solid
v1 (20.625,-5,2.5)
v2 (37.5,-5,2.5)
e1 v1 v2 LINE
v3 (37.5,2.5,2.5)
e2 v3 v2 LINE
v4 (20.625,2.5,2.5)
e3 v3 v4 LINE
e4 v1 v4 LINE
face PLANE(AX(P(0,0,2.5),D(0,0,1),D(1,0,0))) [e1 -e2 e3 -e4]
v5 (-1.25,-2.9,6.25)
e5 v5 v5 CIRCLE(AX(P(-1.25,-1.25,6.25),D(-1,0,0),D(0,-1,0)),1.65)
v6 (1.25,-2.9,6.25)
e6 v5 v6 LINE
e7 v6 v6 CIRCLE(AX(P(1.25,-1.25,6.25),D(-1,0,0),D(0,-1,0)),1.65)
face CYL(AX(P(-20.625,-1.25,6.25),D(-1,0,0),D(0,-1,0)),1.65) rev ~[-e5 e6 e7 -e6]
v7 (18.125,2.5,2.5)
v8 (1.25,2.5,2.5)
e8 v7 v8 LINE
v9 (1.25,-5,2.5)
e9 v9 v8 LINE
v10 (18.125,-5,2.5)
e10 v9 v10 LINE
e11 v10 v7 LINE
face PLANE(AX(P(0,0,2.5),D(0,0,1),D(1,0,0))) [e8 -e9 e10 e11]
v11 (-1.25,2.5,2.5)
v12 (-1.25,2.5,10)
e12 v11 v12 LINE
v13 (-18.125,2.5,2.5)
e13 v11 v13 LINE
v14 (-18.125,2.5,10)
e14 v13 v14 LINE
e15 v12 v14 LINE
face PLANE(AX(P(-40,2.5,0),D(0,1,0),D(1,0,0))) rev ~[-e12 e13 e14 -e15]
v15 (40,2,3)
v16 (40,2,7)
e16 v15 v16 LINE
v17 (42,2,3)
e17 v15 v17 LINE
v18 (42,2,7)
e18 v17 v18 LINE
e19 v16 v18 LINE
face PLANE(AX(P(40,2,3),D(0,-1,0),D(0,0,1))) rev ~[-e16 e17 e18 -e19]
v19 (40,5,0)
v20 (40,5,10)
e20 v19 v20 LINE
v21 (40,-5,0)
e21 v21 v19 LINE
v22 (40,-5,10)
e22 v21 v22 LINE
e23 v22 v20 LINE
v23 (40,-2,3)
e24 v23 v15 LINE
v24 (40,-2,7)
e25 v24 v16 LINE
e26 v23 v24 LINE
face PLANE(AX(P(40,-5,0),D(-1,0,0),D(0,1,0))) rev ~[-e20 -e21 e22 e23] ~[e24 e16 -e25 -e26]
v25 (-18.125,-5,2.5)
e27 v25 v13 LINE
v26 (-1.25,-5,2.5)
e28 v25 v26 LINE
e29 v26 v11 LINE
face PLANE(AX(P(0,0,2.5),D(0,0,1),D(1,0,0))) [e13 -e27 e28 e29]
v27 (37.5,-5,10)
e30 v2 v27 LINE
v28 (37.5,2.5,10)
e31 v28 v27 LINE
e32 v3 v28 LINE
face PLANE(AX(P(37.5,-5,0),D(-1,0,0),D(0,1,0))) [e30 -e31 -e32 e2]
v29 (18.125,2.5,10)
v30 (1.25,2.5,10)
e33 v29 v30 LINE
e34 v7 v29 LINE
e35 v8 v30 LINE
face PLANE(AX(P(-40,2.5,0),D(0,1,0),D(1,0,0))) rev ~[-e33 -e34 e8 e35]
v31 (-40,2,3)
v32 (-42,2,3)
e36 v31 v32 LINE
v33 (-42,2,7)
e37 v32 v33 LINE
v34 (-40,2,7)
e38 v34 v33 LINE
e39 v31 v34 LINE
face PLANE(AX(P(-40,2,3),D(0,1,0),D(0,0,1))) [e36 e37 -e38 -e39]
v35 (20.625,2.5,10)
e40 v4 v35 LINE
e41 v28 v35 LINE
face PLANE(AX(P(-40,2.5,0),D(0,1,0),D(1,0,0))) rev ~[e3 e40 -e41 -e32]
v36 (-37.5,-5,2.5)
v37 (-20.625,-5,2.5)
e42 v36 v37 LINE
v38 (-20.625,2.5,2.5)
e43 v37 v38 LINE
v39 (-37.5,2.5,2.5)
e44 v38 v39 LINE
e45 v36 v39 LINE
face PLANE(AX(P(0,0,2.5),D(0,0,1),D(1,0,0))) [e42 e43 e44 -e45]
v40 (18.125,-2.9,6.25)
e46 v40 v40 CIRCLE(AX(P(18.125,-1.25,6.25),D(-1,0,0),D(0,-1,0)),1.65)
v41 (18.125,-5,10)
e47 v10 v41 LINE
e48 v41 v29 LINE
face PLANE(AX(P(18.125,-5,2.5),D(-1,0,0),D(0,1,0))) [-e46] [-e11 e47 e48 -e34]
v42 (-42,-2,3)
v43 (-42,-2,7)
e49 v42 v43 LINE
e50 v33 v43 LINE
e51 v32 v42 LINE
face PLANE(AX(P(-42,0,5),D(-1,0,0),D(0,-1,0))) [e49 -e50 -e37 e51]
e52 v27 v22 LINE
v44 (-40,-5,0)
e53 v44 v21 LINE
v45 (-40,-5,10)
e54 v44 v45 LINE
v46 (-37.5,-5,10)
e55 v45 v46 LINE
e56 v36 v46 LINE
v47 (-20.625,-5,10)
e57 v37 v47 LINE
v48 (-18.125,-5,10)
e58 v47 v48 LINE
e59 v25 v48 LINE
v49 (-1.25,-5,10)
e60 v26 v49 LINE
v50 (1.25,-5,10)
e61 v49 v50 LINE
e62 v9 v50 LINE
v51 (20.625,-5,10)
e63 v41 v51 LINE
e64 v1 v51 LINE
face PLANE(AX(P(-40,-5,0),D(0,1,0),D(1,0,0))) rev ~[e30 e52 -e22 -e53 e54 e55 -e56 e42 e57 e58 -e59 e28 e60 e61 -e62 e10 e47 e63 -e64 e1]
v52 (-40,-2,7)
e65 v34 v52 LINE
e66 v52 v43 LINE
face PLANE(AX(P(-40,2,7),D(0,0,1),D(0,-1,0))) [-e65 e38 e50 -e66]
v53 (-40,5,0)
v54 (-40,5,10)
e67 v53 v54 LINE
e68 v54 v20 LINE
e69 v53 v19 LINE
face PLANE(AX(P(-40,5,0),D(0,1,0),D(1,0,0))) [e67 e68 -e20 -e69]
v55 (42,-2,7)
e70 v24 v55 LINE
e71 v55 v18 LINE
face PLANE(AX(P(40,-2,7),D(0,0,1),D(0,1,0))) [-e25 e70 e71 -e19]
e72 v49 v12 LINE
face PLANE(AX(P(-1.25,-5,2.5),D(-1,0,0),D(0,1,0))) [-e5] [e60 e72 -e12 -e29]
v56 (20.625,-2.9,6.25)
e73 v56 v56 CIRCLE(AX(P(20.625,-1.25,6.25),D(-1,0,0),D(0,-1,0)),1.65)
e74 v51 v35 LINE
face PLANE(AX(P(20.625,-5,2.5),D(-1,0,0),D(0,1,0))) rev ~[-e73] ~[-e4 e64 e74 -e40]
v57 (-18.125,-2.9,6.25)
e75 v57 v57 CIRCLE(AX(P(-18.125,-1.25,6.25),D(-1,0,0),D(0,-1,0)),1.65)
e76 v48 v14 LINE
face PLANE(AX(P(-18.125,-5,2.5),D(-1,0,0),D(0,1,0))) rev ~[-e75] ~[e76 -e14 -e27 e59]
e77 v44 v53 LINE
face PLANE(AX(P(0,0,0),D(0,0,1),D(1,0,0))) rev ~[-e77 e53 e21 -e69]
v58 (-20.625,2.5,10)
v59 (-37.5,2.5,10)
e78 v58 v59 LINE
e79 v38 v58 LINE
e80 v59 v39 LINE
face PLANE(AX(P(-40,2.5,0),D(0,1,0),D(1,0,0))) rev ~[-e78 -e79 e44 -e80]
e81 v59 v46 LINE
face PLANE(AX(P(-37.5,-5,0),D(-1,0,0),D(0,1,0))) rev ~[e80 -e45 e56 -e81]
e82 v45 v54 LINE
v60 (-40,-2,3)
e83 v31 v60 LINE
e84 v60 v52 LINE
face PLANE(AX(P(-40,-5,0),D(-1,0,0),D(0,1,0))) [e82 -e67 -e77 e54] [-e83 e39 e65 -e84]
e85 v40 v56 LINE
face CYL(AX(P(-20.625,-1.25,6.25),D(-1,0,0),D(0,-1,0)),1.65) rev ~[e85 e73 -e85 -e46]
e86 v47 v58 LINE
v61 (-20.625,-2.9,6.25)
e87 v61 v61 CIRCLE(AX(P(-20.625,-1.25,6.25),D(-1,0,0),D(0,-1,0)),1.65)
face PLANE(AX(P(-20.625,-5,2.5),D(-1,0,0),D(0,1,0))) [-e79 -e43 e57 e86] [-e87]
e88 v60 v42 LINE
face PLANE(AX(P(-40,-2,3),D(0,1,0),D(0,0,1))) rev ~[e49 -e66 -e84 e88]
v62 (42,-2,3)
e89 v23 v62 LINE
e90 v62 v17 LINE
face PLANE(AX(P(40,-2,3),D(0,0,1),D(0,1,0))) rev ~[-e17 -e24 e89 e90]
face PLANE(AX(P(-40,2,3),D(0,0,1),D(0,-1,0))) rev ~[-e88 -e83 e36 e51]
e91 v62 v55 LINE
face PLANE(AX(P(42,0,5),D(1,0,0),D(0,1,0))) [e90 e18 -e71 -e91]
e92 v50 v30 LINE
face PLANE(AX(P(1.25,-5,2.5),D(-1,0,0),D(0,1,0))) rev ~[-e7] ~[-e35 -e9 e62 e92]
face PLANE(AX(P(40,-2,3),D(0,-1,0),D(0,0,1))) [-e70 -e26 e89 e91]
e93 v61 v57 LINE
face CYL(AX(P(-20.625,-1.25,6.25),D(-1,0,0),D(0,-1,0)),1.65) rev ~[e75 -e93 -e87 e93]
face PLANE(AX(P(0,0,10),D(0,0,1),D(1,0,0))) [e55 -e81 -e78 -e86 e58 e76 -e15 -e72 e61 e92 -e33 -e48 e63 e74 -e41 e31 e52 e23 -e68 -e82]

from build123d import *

# Parameters (mm, degrees)
F0_W      = 80
F0_H      = 10
F1_DEPTH  = 10
F2_W      = 4
F2_H      = 4
F3_DEPTH  = 2
F4_W      = 4
F4_H      = 4
F5_DEPTH  = 2
F6_T      = -2.5
F7_W      = 2.5
F7_H      = 7.5
F8_DEPTH  = 7.5
F9_R      = 1.65
F10_DEPTH = 41.25


with BuildPart() as f1:
    # F0 (on Top) → F1 (new body)
    with BuildSketch(Plane.XY):
        Rectangle(F0_W, F0_H)
    extrude(amount=F1_DEPTH)

    # F2 (on face) → F3 (join)
    with BuildSketch(Plane.YZ.offset(40)):
        with Locations((0, 5)):
            Rectangle(F2_W, F2_H)
    extrude(amount=F3_DEPTH)

    # F4 (on face) → F5 (join)
    with BuildSketch(Plane(origin=(-40, 0, 0), x_dir=(0, -1, 0), z_dir=(-1, 0, 0))):
        with Locations((0, 5)):
            Rectangle(F4_W, F4_H)
    extrude(amount=F5_DEPTH)

    # F6
    f6_openings = [f1.faces().sort_by_distance(p)[0] for p in [
        (0, -5, 5),
        (0, 0, 10),
    ]]
    offset(amount=F6_T, openings=f6_openings, kind=Kind.INTERSECTION)

    # F7 (on face) → F8 (join, through all)
    with BuildSketch(Plane.XY.offset(2.5)):
        with Locations((-19.375, -1.25)):
            Rectangle(F7_W, F7_H)
        with Locations((0, -1.25)):
            Rectangle(F7_W, F7_H)
        with Locations((19.375, -1.25)):
            Rectangle(F7_W, F7_H)
    extrude(amount=F8_DEPTH)

    # F9 (on face) → F10 (cut, through all)
    with BuildSketch(Plane(origin=(-20.625, 0, 0), x_dir=(0, -1, 0), z_dir=(-1, 0, 0))):
        with Locations((1.25, 6.25)):
            Circle(F9_R)
    extrude(amount=-F10_DEPTH, mode=Mode.SUBTRACT)


solid = f1.part
